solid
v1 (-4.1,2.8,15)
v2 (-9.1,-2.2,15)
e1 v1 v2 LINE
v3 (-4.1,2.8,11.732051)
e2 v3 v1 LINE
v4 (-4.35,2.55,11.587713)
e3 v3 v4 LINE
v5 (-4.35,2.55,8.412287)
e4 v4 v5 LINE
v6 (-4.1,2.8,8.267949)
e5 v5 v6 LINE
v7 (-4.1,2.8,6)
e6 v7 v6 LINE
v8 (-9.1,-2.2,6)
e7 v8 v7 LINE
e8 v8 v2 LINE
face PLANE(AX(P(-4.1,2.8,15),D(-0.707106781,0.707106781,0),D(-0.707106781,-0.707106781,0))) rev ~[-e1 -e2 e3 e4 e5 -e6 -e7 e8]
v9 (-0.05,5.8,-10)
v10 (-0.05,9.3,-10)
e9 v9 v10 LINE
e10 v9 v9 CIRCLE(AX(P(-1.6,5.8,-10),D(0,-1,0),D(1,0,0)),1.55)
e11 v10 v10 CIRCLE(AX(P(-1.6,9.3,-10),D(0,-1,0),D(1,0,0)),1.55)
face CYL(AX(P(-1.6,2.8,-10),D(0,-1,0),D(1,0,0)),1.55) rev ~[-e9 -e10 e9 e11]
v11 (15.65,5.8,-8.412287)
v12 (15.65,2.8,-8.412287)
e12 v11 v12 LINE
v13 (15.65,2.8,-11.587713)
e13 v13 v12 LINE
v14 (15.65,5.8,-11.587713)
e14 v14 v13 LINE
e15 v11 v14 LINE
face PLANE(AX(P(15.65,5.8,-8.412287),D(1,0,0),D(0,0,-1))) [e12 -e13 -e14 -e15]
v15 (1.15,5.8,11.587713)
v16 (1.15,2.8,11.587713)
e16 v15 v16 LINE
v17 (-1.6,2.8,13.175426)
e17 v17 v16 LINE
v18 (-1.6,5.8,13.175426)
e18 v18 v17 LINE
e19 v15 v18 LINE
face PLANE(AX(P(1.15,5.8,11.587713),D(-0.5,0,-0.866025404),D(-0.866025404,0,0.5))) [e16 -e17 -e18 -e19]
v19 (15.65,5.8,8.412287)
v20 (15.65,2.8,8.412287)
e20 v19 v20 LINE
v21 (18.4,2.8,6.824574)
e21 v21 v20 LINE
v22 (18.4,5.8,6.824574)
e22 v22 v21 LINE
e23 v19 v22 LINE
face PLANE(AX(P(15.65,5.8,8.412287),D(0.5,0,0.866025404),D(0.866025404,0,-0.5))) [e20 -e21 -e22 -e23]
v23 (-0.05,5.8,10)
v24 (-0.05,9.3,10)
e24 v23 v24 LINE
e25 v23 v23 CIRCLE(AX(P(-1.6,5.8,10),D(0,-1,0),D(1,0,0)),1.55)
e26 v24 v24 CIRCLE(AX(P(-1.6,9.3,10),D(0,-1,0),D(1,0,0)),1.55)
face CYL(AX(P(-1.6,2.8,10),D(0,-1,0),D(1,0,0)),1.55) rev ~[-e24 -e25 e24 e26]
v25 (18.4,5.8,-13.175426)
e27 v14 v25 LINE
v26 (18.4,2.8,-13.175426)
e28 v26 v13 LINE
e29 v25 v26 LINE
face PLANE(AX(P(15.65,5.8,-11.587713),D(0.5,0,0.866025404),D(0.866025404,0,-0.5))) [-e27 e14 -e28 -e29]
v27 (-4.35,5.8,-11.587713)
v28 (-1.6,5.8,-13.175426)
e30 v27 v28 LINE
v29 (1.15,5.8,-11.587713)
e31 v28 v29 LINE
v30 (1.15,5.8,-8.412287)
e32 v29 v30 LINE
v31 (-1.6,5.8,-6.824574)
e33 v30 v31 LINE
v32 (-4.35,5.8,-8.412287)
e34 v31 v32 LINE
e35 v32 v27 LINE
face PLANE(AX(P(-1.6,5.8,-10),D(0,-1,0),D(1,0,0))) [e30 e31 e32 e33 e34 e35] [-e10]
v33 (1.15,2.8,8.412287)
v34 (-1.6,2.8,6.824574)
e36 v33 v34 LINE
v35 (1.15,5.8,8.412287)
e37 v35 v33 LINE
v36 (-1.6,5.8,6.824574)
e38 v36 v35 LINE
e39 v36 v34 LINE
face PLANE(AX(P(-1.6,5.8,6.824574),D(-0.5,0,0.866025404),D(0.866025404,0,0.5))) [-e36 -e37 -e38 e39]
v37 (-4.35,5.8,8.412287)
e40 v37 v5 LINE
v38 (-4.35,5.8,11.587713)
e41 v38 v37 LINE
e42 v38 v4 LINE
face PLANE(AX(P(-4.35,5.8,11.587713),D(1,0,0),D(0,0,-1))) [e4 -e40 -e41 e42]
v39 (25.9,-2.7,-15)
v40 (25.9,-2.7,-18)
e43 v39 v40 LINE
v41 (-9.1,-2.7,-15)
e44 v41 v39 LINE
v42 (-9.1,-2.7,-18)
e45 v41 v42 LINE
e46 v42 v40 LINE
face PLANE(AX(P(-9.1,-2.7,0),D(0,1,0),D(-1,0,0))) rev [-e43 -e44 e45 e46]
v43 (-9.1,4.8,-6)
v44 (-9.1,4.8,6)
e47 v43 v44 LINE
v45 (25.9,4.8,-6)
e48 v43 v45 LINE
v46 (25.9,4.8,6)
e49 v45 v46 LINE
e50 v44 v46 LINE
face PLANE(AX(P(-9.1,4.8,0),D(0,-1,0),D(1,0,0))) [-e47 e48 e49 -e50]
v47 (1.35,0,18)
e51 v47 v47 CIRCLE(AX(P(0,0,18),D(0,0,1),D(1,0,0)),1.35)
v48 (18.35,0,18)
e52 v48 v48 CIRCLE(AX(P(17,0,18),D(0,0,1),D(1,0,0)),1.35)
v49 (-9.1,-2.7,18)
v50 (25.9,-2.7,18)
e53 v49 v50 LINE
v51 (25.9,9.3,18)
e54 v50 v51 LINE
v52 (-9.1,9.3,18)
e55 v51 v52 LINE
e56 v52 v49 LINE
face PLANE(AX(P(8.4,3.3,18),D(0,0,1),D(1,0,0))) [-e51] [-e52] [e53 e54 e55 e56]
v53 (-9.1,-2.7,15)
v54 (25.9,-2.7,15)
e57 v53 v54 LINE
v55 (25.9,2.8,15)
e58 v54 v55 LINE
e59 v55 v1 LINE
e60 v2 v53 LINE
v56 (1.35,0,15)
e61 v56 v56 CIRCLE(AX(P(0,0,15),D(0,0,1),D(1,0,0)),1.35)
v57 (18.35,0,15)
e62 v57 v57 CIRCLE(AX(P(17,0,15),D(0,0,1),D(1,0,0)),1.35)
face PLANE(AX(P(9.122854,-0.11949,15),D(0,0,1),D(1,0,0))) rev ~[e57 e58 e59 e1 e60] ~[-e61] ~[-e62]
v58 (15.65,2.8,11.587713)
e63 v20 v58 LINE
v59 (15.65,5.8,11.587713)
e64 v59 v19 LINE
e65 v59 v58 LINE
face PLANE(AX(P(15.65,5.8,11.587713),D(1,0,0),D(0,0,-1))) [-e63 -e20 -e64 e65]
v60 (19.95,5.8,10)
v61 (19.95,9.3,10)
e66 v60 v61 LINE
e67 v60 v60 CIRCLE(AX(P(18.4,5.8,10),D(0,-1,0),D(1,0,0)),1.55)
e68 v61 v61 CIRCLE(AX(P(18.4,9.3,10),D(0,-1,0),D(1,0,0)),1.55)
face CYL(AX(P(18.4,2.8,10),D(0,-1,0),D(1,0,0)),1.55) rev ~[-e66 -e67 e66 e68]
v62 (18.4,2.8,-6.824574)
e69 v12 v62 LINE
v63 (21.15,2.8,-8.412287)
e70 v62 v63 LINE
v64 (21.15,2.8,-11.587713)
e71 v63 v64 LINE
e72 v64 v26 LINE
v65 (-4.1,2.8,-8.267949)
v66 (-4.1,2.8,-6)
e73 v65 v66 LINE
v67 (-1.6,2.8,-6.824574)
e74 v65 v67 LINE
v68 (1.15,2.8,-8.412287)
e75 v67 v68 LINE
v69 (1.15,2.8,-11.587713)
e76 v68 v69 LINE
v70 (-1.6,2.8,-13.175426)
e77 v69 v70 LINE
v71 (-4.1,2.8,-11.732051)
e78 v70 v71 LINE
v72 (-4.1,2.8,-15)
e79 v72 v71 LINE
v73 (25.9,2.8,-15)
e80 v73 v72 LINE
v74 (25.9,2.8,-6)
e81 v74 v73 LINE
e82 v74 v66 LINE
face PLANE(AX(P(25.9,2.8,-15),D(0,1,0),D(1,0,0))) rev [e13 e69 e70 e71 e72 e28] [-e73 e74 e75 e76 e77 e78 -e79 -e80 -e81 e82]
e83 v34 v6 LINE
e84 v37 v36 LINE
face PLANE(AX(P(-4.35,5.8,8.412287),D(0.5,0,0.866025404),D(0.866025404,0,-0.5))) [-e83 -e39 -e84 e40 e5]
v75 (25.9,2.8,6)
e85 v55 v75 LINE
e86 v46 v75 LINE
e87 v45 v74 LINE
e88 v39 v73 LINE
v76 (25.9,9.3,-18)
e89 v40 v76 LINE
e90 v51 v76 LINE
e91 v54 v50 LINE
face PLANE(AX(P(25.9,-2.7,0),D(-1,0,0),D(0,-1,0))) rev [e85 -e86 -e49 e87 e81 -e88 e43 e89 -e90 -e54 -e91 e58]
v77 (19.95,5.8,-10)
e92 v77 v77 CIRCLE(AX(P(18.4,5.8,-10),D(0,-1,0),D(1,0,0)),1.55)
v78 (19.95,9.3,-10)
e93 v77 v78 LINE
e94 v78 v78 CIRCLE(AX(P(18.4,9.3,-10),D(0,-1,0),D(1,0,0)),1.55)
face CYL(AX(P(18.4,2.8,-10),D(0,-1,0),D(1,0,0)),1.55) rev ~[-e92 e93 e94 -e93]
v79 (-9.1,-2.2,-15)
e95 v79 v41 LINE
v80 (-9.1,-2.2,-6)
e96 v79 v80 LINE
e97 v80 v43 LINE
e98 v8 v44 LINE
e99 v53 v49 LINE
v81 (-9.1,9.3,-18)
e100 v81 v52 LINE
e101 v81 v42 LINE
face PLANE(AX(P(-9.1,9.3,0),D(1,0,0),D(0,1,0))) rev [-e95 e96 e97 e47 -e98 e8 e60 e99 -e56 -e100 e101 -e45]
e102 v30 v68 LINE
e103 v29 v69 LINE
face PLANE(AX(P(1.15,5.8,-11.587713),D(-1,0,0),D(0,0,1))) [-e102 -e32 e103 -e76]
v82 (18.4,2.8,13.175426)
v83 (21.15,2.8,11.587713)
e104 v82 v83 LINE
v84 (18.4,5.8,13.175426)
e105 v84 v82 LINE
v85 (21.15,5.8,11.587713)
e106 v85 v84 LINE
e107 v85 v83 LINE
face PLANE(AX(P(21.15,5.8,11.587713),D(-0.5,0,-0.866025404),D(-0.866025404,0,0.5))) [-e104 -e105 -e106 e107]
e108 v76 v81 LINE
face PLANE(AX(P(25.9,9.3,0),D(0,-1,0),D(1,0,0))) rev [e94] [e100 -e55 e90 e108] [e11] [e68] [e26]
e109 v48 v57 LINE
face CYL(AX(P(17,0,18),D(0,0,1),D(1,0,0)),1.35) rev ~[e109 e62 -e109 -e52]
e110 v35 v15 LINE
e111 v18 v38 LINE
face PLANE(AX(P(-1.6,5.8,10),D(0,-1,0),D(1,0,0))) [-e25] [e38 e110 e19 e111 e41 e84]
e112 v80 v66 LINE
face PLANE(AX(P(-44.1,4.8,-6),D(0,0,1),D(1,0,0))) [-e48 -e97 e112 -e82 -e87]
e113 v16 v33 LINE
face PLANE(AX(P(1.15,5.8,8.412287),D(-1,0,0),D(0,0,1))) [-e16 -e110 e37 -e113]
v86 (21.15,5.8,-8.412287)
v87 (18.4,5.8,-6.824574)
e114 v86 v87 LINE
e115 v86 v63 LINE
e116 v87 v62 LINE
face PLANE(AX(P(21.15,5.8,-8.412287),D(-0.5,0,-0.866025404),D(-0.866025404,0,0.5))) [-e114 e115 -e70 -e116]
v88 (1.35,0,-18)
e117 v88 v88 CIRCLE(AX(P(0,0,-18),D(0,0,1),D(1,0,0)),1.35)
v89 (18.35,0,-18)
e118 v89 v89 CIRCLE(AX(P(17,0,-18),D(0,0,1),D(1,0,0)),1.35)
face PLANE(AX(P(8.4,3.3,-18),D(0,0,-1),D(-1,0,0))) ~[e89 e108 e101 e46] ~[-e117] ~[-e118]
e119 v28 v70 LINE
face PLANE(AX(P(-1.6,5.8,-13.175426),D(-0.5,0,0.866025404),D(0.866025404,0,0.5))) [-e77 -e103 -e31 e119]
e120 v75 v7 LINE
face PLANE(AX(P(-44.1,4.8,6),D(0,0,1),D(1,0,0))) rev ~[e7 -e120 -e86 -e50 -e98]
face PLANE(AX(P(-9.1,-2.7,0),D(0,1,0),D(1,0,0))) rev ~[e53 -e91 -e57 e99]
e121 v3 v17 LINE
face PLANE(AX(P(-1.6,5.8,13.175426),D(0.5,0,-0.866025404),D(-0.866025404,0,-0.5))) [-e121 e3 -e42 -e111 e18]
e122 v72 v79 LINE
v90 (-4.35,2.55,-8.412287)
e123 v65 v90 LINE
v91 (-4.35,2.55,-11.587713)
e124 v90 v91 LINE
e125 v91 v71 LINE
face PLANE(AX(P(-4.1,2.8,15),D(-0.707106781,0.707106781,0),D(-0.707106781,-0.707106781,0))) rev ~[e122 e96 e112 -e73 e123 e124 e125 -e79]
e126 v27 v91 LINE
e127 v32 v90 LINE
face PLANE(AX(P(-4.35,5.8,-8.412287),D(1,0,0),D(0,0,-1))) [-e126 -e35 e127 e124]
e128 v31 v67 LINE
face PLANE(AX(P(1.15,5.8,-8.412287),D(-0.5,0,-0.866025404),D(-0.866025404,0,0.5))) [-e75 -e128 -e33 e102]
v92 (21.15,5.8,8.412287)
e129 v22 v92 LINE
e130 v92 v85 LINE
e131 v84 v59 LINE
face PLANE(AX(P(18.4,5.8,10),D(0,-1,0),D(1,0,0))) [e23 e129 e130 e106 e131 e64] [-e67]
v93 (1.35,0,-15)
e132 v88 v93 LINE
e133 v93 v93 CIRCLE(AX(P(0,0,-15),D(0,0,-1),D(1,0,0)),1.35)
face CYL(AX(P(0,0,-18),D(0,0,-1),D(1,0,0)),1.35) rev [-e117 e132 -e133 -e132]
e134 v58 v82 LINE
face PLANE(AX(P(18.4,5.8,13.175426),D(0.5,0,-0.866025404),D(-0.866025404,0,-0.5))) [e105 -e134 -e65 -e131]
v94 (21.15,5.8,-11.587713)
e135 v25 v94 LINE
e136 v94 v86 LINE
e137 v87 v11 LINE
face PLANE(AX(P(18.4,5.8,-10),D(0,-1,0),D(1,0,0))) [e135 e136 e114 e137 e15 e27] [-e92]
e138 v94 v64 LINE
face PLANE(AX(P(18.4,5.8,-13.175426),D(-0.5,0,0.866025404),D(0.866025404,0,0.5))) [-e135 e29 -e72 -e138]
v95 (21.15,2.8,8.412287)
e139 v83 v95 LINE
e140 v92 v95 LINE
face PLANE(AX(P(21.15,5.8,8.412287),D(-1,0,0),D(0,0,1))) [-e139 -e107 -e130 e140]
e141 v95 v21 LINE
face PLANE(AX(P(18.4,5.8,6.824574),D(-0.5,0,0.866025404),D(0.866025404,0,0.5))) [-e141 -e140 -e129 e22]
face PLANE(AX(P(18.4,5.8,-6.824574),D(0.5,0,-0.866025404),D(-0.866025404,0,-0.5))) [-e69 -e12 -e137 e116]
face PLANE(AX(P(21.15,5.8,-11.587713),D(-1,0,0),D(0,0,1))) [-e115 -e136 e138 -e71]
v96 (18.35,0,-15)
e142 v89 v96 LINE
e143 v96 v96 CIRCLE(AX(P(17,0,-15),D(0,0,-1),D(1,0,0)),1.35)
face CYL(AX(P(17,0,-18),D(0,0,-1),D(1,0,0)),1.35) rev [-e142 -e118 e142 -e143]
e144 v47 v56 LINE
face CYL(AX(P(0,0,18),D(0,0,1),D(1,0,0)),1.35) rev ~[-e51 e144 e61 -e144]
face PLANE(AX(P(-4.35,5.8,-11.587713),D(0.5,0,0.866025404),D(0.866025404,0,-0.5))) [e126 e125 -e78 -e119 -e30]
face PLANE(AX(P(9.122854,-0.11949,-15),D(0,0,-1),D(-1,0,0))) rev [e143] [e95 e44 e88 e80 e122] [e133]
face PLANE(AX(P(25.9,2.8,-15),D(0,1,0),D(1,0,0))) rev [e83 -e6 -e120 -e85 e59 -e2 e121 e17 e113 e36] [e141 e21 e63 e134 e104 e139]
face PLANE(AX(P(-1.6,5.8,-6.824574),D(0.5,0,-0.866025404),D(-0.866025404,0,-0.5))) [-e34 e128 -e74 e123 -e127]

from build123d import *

# Parameters (mm, degrees)
BOSS_EXTRUDE1_DEPTH        = 18
CROQUIS2_R                 = 1.35
CORTAR_EXTRUIR2_DEPTH      = 5
CORTAR_EXTRUIR3_START      = 3
CORTAR_EXTRUIR3_DEPTH      = 17
CORTAR_EXTRUIR4_DEPTH      = 33.203415968
CORTAR_EXTRUIR4_DEPTH_BACK = 2
CROQUIS4_W                 = 70
CROQUIS4_H                 = 12
CORTAR_EXTRUIR5_DEPTH      = 2.5
CORTAR_EXTRUIR5_DEPTH_BACK = 3
CROQUIS7_R                 = 0.161098749
CROQUIS7_R_2               = 1.55
CORTAR_EXTRUIR6_DEPTH      = 33.203415968


with BuildPart() as part:
    # Sketch1 → Boss-Extrude1 (new body)
    with BuildSketch(Plane.XY):
        Polygon((25.9, 9.3), (-9.1, 9.3), (-9.1, 2.5), (-9.1, -2.7), (25.9, -2.7), (25.9, 2.5), align=None)
    boss_extrude1 = extrude(amount=BOSS_EXTRUDE1_DEPTH)

    # Croquis2 → Cortar-Extruir2 (cut)
    with BuildSketch(Plane.XY.offset(18)):
        Circle(CROQUIS2_R)
        with Locations((17, 0)):
            Circle(CROQUIS2_R)
    cortar_extruir2 = extrude(amount=-CORTAR_EXTRUIR2_DEPTH, mode=Mode.SUBTRACT)

    # Croquis3 → Cortar-Extruir3 (cut)
    with BuildSketch(Plane(origin=(0, 0, 18), x_dir=(-1, 0, 0), z_dir=(0, 0, -1)).offset(CORTAR_EXTRUIR3_START)):
        Polygon((-25.9, -2.7), (-25.9, 2.8), (4.1, 2.8), (9.1, -2.2), (9.1, -2.7), align=None)
    cortar_extruir3 = extrude(amount=CORTAR_EXTRUIR3_DEPTH, mode=Mode.SUBTRACT)

    # Mirror1: Boss-Extrude1, Cortar-Extruir2, Cortar-Extruir3 across plane
    add(boss_extrude1.mirror(Plane.XY))
    add(cortar_extruir2.mirror(Plane.XY), mode=Mode.SUBTRACT)
    add(cortar_extruir3.mirror(Plane.XY), mode=Mode.SUBTRACT)

    # Croquis4 → Cortar-Extruir4 (cut, two sides: drawn at the far end of the back side and taken through both)
    with BuildSketch(Plane.XZ.offset(-2.8).offset(-CORTAR_EXTRUIR4_DEPTH_BACK)):
        with Locations((-9.1, 0)):
            Rectangle(CROQUIS4_W, CROQUIS4_H)
    extrude(amount=CORTAR_EXTRUIR4_DEPTH + CORTAR_EXTRUIR4_DEPTH_BACK, mode=Mode.SUBTRACT)

    # Croquis5 → Cortar-Extruir5 (cut, two sides: drawn at the far end of the back side and taken through both)
    with BuildSketch(Plane.XZ.offset(-2.8).offset(-CORTAR_EXTRUIR5_DEPTH_BACK)):
        Polygon((-1.6, 13.175426481), (-4.35, 11.58771324), (-4.35, 8.41228676), (-1.6, 6.824573519), (1.15, 8.41228676), (1.15, 11.58771324), align=None)
        Polygon((18.4, 13.175426481), (15.65, 11.58771324), (15.65, 8.41228676), (18.4, 6.824573519), (21.15, 8.41228676), (21.15, 11.58771324), align=None)
        Polygon((-1.6, -6.824573519), (-4.35, -8.41228676), (-4.35, -11.58771324), (-1.6, -13.175426481), (1.15, -11.58771324), (1.15, -8.41228676), align=None)
        Polygon((18.4, -6.824573519), (15.65, -8.41228676), (15.65, -11.58771324), (18.4, -13.175426481), (21.15, -11.58771324), (21.15, -8.41228676), align=None)
    extrude(amount=CORTAR_EXTRUIR5_DEPTH + CORTAR_EXTRUIR5_DEPTH_BACK, mode=Mode.SUBTRACT)

    # Croquis7 → Cortar-Extruir6 (cut, through all)
    with BuildSketch(Plane.XZ.offset(-2.8)):
        with Locations((-69.565345843, 7.024441215)):
            Circle(CROQUIS7_R)
        with Locations((-1.6, 10)):
            Circle(CROQUIS7_R_2)
        with Locations((18.4, 10)):
            Circle(CROQUIS7_R_2)
        with Locations((18.4, -10)):
            Circle(CROQUIS7_R_2)
        with Locations((-1.6, -10)):
            Circle(CROQUIS7_R_2)
    extrude(amount=-CORTAR_EXTRUIR6_DEPTH, mode=Mode.SUBTRACT)


solid = part.part
